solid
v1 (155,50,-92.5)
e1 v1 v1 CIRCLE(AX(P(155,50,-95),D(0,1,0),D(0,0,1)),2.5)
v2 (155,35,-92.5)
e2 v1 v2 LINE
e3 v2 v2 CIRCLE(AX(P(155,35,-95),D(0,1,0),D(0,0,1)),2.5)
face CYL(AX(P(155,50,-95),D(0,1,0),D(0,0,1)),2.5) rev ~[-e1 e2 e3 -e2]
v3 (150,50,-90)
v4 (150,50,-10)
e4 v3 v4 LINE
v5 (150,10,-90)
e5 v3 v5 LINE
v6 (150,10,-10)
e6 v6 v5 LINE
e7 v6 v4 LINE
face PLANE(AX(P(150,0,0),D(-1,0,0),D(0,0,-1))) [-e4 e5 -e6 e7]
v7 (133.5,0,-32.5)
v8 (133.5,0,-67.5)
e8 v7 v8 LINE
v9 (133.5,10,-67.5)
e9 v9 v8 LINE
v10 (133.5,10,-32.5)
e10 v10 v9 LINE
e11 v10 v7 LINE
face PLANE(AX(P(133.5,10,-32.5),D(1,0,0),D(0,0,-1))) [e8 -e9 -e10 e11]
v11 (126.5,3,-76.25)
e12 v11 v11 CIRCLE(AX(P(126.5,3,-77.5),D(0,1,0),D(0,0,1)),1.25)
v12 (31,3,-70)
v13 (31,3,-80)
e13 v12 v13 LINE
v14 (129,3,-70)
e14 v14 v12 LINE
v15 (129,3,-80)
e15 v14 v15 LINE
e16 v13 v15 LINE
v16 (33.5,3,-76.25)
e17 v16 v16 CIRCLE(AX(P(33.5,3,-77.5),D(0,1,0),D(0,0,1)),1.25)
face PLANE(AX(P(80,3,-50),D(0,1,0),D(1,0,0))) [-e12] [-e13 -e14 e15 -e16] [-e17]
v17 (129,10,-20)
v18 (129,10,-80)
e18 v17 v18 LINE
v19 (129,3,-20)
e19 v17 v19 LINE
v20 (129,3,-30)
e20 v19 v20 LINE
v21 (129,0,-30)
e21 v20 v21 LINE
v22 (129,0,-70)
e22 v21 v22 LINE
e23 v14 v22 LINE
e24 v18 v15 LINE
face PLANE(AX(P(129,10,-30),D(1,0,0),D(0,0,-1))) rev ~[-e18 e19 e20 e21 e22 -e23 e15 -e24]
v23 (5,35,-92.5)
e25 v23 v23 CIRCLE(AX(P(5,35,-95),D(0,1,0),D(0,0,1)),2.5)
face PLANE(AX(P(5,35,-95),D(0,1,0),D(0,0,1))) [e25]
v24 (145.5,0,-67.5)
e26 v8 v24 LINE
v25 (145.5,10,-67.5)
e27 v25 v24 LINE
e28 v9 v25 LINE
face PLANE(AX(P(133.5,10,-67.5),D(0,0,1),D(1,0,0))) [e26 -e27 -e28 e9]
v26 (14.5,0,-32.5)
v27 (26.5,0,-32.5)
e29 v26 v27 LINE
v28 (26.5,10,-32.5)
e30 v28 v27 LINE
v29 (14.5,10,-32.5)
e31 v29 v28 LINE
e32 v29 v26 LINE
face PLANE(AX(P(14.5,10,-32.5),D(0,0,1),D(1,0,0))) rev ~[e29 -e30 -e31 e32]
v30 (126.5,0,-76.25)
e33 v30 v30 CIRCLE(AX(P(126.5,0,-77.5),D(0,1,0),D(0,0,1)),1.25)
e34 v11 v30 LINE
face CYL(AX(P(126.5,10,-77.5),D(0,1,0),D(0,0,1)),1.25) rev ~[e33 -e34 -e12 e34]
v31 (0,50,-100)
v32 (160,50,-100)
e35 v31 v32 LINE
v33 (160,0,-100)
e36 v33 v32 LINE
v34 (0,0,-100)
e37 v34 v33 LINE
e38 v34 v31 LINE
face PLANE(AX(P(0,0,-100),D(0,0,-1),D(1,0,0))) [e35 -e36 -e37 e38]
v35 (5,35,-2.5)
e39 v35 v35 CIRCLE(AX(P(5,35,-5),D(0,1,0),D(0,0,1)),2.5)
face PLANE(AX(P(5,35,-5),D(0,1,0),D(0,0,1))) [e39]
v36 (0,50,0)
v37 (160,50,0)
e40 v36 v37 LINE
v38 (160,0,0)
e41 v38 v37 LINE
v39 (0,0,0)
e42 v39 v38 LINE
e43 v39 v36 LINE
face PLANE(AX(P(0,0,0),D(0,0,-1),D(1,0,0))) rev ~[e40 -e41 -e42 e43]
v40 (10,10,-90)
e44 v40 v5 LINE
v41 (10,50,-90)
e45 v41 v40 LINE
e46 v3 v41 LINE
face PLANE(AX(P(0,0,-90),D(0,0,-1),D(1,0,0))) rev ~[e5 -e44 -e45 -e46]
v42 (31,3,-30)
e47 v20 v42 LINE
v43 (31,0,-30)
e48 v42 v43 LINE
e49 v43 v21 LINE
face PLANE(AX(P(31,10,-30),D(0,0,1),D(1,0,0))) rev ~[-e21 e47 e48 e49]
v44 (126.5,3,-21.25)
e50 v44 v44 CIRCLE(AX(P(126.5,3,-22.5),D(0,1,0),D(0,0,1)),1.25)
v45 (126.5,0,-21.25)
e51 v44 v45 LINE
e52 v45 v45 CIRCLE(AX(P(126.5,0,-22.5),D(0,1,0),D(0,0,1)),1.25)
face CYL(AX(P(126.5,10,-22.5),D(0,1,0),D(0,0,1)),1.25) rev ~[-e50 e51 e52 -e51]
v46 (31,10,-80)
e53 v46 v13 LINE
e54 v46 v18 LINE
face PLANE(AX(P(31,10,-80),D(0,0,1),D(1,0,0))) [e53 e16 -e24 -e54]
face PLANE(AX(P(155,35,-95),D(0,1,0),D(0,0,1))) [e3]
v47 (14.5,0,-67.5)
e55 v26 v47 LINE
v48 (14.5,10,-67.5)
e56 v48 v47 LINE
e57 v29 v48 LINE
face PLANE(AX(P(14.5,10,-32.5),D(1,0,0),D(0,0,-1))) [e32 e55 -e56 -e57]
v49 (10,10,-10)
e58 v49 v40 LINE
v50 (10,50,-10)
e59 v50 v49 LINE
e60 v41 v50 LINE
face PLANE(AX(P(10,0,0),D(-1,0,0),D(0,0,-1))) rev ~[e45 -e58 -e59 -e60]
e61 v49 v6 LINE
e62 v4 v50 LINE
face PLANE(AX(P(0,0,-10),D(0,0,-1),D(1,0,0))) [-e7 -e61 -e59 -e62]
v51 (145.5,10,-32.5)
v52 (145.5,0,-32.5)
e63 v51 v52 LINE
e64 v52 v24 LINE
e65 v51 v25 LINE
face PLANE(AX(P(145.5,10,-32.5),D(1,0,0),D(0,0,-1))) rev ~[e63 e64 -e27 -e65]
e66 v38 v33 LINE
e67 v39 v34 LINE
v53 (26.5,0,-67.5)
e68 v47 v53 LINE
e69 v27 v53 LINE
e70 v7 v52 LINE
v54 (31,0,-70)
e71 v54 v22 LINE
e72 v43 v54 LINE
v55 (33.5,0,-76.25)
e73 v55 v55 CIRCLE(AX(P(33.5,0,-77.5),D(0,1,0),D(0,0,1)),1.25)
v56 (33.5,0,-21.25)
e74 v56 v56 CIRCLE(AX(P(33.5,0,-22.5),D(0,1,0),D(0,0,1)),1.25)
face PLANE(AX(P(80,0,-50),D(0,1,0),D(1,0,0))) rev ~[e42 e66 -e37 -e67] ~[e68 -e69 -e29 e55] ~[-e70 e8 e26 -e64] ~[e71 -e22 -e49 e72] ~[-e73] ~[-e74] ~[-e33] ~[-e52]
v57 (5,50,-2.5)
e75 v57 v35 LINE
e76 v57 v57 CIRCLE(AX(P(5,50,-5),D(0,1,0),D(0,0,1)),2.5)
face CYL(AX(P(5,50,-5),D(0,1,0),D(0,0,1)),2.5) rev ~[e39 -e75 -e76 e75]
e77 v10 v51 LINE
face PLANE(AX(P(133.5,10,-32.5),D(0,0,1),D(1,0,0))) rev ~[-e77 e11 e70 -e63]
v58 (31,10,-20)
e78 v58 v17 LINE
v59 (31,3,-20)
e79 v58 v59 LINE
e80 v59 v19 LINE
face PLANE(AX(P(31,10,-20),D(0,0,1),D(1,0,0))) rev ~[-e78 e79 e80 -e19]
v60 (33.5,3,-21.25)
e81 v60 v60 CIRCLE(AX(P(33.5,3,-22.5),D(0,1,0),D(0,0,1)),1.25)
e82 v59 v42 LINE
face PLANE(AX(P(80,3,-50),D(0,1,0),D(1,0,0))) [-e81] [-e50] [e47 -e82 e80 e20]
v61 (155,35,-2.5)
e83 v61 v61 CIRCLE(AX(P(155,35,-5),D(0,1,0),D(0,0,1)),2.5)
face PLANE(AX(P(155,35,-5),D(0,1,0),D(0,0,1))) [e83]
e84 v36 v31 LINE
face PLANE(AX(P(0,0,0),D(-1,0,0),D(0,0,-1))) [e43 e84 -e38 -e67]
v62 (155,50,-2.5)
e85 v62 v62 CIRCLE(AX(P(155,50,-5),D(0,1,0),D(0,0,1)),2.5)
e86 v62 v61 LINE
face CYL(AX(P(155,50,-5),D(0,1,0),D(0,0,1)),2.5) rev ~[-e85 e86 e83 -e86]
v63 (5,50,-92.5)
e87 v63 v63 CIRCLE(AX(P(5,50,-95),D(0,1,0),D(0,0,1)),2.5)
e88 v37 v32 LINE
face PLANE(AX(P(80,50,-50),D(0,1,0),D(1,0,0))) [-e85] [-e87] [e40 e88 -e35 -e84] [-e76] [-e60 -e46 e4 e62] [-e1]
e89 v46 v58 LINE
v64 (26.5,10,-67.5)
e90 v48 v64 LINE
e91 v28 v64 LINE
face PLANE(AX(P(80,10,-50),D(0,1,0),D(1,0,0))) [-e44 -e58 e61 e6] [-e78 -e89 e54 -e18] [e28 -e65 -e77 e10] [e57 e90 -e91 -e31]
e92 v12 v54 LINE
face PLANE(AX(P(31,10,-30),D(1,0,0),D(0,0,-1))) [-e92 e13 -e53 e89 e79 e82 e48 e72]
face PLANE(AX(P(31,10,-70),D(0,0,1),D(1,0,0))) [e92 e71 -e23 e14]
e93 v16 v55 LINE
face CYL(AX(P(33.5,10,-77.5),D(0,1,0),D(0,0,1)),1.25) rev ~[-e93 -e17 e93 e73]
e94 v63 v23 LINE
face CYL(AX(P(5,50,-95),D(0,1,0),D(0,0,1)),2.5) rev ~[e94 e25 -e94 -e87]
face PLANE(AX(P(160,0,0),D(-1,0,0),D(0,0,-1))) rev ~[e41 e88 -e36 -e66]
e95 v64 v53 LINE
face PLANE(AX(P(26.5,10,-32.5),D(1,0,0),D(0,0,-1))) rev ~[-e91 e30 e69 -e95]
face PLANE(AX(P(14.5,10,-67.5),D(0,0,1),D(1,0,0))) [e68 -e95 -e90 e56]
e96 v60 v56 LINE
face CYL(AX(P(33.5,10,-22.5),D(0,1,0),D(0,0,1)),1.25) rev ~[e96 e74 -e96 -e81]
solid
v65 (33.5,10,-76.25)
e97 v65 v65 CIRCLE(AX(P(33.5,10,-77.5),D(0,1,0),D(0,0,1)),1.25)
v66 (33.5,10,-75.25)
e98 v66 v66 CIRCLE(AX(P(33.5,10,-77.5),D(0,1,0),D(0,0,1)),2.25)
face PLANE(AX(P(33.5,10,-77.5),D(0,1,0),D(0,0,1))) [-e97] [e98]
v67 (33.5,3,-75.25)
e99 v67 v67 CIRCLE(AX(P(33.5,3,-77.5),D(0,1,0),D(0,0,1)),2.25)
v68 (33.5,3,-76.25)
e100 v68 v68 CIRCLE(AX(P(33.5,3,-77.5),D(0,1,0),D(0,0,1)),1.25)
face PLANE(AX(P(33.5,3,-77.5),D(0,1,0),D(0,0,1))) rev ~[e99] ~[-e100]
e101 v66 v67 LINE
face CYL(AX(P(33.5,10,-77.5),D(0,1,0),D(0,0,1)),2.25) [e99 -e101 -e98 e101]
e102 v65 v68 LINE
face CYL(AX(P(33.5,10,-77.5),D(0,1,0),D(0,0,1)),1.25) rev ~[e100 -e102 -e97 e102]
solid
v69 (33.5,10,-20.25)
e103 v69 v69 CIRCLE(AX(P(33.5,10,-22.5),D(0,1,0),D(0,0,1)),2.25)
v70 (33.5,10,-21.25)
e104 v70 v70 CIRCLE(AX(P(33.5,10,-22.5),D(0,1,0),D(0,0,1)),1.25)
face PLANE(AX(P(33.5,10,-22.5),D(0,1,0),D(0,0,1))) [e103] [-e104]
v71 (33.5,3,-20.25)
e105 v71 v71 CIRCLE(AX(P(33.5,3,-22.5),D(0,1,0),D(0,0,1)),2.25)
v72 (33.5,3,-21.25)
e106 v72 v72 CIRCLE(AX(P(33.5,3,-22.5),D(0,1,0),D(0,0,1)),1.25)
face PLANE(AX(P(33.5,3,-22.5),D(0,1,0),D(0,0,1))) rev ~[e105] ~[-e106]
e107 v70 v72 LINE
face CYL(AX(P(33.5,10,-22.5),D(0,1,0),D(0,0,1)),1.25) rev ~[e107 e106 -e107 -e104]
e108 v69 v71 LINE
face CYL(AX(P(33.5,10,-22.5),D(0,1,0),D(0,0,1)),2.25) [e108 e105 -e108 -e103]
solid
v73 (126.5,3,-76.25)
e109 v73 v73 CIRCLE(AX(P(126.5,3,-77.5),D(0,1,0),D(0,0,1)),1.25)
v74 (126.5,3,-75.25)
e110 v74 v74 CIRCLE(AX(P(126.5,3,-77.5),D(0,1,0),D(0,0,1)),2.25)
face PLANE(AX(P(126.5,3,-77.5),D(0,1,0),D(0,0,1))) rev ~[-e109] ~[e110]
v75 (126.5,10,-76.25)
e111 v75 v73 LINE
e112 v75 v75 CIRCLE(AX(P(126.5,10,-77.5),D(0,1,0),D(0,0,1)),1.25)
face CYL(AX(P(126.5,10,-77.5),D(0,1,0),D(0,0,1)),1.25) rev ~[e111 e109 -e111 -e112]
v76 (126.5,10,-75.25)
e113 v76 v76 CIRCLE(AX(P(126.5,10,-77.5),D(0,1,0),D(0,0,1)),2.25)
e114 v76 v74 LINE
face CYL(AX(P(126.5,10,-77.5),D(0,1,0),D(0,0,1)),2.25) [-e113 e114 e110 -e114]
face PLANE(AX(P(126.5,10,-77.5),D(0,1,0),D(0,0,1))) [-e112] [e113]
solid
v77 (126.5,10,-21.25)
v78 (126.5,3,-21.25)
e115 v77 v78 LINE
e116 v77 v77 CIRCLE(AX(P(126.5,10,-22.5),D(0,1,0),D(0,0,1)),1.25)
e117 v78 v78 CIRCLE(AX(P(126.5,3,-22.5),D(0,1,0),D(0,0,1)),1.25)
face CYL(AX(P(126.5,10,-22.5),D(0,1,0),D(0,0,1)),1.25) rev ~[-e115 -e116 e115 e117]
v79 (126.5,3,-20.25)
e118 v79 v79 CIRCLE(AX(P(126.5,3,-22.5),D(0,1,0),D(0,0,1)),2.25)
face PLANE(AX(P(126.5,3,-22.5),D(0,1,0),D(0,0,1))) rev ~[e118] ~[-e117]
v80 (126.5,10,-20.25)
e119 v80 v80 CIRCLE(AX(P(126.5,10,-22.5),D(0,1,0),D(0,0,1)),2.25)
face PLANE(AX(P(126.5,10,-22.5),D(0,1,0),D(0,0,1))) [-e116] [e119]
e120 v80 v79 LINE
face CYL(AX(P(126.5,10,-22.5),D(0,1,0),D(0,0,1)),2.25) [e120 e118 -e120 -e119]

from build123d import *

# Parameters (mm, degrees)
ESQUISSE1_W             = 160
ESQUISSE1_H             = 100
BOSS_EXTRU_1_DEPTH      = 50
COQUE1_T                = -10
ESQUISSE2_R             = 2.5
ENL_V_MAT_EXTRU_2_DEPTH = 15
ESQUISSE3_W             = 98
ESQUISSE3_H             = 40
ENL_V_MAT_EXTRU_3_DEPTH = 10
ESQUISSE3_3_R           = 1.25
ENL_V_MAT_EXTRU_4_DEPTH = 10
ESQUISSE3_5_W           = 98
ESQUISSE3_5_H           = 60
ENL_V_MAT_EXTRU_5_DEPTH = 7
ESQUISSE3_6_R           = 2.25
ESQUISSE3_6_R_2         = 1.25
BOSS_EXTRU_2_DEPTH      = 7
BOSS_EXTRU_2_2_DEPTH    = 7
BOSS_EXTRU_2_3_DEPTH    = 7
BOSS_EXTRU_2_4_DEPTH    = 7
ESQUISSE4_W             = 12
ESQUISSE4_H             = 35
ENL_V_MAT_EXTRU_6_DEPTH = 10


with BuildPart() as part:
    # Esquisse1 → Boss.-Extru.1 (new body)
    with BuildSketch(Plane(origin=(0, 0, 0), x_dir=(1, 0, 0), z_dir=(0, 1, 0))):
        with Locations((80, 50)):
            Rectangle(ESQUISSE1_W, ESQUISSE1_H)
    extrude(amount=BOSS_EXTRU_1_DEPTH)

    # Coque1
    coque1_openings = [part.faces().sort_by_distance(p)[0] for p in [
        (80, 50, -50),
    ]]
    offset(amount=COQUE1_T, openings=coque1_openings, kind=Kind.INTERSECTION)

    # Esquisse2 → Enlèv. mat.-Extru.2 (cut)
    with BuildSketch(Plane(origin=(0, 50, 0), x_dir=(1, 0, 0), z_dir=(0, 1, 0))):
        with Locations((155, 95)):
            Circle(ESQUISSE2_R)
        with Locations((155, 5)):
            Circle(ESQUISSE2_R)
        with Locations((5, 5)):
            Circle(ESQUISSE2_R)
        with Locations((5, 95)):
            Circle(ESQUISSE2_R)
    extrude(amount=-ENL_V_MAT_EXTRU_2_DEPTH, mode=Mode.SUBTRACT)

    # Esquisse3 → Enlèv. mat.-Extru.3 (cut)
    with BuildSketch(Plane(origin=(0, 10, 0), x_dir=(1, 0, 0), z_dir=(0, 1, 0))):
        with Locations((80, 50)):
            Rectangle(ESQUISSE3_W, ESQUISSE3_H)
    extrude(amount=-ENL_V_MAT_EXTRU_3_DEPTH, mode=Mode.SUBTRACT)

    # Esquisse3<3> → Enlèv. mat.-Extru.4 (cut)
    with BuildSketch(Plane(origin=(0, 10, 0), x_dir=(1, 0, 0), z_dir=(0, 1, 0))):
        with Locations((33.5, 77.5)):
            Circle(ESQUISSE3_3_R)
        with Locations((33.5, 22.5)):
            Circle(ESQUISSE3_3_R)
        with Locations((126.5, 77.5)):
            Circle(ESQUISSE3_3_R)
        with Locations((126.5, 22.5)):
            Circle(ESQUISSE3_3_R)
    extrude(amount=-ENL_V_MAT_EXTRU_4_DEPTH, mode=Mode.SUBTRACT)

    # Esquisse3<5> → Enlèv. mat.-Extru.5 (cut)
    with BuildSketch(Plane(origin=(0, 10, 0), x_dir=(1, 0, 0), z_dir=(0, 1, 0))):
        with Locations((80, 50)):
            Rectangle(ESQUISSE3_5_W, ESQUISSE3_5_H)
    extrude(amount=-ENL_V_MAT_EXTRU_5_DEPTH, mode=Mode.SUBTRACT)

    # Esquisse4 → Enlèv. mat.-Extru.6 (cut)
    with BuildSketch(Plane(origin=(0, 10, 0), x_dir=(1, 0, 0), z_dir=(0, 1, 0))):
        with Locations((20.5, 50)):
            Rectangle(ESQUISSE4_W, ESQUISSE4_H)
        with Locations((139.5, 50)):
            Rectangle(ESQUISSE4_W, ESQUISSE4_H)
    extrude(amount=-ENL_V_MAT_EXTRU_6_DEPTH, mode=Mode.SUBTRACT)


with BuildPart() as body_2:
    # Esquisse3<6> → Boss.-Extru.2 (new body)
    with BuildSketch(Plane(origin=(0, 10, 0), x_dir=(1, 0, 0), z_dir=(0, 1, 0))):
        with Locations((33.5, 77.5)):
            Circle(ESQUISSE3_6_R)
        with Locations((33.5, 77.5)):
            Circle(ESQUISSE3_6_R_2, mode=Mode.SUBTRACT)
    extrude(amount=-BOSS_EXTRU_2_DEPTH)


with BuildPart() as body_3:
    # Esquisse3<6> → Boss.-Extru.2 2 (new body)
    with BuildSketch(Plane(origin=(0, 10, 0), x_dir=(1, 0, 0), z_dir=(0, 1, 0))):
        with Locations((126.5, 77.5)):
            Circle(ESQUISSE3_6_R)
        with Locations((126.5, 77.5)):
            Circle(ESQUISSE3_6_R_2, mode=Mode.SUBTRACT)
    extrude(amount=-BOSS_EXTRU_2_2_DEPTH)


with BuildPart() as body_4:
    # Esquisse3<6> → Boss.-Extru.2 3 (new body)
    with BuildSketch(Plane(origin=(0, 10, 0), x_dir=(1, 0, 0), z_dir=(0, 1, 0))):
        with Locations((126.5, 22.5)):
            Circle(ESQUISSE3_6_R)
        with Locations((126.5, 22.5)):
            Circle(ESQUISSE3_6_R_2, mode=Mode.SUBTRACT)
    extrude(amount=-BOSS_EXTRU_2_3_DEPTH)


with BuildPart() as body_5:
    # Esquisse3<6> → Boss.-Extru.2 4 (new body)
    with BuildSketch(Plane(origin=(0, 10, 0), x_dir=(1, 0, 0), z_dir=(0, 1, 0))):
        with Locations((33.5, 22.5)):
            Circle(ESQUISSE3_6_R)
        with Locations((33.5, 22.5)):
            Circle(ESQUISSE3_6_R_2, mode=Mode.SUBTRACT)
    extrude(amount=-BOSS_EXTRU_2_4_DEPTH)


solid = Compound([part.part, body_2.part, body_3.part, body_4.part, body_5.part])
